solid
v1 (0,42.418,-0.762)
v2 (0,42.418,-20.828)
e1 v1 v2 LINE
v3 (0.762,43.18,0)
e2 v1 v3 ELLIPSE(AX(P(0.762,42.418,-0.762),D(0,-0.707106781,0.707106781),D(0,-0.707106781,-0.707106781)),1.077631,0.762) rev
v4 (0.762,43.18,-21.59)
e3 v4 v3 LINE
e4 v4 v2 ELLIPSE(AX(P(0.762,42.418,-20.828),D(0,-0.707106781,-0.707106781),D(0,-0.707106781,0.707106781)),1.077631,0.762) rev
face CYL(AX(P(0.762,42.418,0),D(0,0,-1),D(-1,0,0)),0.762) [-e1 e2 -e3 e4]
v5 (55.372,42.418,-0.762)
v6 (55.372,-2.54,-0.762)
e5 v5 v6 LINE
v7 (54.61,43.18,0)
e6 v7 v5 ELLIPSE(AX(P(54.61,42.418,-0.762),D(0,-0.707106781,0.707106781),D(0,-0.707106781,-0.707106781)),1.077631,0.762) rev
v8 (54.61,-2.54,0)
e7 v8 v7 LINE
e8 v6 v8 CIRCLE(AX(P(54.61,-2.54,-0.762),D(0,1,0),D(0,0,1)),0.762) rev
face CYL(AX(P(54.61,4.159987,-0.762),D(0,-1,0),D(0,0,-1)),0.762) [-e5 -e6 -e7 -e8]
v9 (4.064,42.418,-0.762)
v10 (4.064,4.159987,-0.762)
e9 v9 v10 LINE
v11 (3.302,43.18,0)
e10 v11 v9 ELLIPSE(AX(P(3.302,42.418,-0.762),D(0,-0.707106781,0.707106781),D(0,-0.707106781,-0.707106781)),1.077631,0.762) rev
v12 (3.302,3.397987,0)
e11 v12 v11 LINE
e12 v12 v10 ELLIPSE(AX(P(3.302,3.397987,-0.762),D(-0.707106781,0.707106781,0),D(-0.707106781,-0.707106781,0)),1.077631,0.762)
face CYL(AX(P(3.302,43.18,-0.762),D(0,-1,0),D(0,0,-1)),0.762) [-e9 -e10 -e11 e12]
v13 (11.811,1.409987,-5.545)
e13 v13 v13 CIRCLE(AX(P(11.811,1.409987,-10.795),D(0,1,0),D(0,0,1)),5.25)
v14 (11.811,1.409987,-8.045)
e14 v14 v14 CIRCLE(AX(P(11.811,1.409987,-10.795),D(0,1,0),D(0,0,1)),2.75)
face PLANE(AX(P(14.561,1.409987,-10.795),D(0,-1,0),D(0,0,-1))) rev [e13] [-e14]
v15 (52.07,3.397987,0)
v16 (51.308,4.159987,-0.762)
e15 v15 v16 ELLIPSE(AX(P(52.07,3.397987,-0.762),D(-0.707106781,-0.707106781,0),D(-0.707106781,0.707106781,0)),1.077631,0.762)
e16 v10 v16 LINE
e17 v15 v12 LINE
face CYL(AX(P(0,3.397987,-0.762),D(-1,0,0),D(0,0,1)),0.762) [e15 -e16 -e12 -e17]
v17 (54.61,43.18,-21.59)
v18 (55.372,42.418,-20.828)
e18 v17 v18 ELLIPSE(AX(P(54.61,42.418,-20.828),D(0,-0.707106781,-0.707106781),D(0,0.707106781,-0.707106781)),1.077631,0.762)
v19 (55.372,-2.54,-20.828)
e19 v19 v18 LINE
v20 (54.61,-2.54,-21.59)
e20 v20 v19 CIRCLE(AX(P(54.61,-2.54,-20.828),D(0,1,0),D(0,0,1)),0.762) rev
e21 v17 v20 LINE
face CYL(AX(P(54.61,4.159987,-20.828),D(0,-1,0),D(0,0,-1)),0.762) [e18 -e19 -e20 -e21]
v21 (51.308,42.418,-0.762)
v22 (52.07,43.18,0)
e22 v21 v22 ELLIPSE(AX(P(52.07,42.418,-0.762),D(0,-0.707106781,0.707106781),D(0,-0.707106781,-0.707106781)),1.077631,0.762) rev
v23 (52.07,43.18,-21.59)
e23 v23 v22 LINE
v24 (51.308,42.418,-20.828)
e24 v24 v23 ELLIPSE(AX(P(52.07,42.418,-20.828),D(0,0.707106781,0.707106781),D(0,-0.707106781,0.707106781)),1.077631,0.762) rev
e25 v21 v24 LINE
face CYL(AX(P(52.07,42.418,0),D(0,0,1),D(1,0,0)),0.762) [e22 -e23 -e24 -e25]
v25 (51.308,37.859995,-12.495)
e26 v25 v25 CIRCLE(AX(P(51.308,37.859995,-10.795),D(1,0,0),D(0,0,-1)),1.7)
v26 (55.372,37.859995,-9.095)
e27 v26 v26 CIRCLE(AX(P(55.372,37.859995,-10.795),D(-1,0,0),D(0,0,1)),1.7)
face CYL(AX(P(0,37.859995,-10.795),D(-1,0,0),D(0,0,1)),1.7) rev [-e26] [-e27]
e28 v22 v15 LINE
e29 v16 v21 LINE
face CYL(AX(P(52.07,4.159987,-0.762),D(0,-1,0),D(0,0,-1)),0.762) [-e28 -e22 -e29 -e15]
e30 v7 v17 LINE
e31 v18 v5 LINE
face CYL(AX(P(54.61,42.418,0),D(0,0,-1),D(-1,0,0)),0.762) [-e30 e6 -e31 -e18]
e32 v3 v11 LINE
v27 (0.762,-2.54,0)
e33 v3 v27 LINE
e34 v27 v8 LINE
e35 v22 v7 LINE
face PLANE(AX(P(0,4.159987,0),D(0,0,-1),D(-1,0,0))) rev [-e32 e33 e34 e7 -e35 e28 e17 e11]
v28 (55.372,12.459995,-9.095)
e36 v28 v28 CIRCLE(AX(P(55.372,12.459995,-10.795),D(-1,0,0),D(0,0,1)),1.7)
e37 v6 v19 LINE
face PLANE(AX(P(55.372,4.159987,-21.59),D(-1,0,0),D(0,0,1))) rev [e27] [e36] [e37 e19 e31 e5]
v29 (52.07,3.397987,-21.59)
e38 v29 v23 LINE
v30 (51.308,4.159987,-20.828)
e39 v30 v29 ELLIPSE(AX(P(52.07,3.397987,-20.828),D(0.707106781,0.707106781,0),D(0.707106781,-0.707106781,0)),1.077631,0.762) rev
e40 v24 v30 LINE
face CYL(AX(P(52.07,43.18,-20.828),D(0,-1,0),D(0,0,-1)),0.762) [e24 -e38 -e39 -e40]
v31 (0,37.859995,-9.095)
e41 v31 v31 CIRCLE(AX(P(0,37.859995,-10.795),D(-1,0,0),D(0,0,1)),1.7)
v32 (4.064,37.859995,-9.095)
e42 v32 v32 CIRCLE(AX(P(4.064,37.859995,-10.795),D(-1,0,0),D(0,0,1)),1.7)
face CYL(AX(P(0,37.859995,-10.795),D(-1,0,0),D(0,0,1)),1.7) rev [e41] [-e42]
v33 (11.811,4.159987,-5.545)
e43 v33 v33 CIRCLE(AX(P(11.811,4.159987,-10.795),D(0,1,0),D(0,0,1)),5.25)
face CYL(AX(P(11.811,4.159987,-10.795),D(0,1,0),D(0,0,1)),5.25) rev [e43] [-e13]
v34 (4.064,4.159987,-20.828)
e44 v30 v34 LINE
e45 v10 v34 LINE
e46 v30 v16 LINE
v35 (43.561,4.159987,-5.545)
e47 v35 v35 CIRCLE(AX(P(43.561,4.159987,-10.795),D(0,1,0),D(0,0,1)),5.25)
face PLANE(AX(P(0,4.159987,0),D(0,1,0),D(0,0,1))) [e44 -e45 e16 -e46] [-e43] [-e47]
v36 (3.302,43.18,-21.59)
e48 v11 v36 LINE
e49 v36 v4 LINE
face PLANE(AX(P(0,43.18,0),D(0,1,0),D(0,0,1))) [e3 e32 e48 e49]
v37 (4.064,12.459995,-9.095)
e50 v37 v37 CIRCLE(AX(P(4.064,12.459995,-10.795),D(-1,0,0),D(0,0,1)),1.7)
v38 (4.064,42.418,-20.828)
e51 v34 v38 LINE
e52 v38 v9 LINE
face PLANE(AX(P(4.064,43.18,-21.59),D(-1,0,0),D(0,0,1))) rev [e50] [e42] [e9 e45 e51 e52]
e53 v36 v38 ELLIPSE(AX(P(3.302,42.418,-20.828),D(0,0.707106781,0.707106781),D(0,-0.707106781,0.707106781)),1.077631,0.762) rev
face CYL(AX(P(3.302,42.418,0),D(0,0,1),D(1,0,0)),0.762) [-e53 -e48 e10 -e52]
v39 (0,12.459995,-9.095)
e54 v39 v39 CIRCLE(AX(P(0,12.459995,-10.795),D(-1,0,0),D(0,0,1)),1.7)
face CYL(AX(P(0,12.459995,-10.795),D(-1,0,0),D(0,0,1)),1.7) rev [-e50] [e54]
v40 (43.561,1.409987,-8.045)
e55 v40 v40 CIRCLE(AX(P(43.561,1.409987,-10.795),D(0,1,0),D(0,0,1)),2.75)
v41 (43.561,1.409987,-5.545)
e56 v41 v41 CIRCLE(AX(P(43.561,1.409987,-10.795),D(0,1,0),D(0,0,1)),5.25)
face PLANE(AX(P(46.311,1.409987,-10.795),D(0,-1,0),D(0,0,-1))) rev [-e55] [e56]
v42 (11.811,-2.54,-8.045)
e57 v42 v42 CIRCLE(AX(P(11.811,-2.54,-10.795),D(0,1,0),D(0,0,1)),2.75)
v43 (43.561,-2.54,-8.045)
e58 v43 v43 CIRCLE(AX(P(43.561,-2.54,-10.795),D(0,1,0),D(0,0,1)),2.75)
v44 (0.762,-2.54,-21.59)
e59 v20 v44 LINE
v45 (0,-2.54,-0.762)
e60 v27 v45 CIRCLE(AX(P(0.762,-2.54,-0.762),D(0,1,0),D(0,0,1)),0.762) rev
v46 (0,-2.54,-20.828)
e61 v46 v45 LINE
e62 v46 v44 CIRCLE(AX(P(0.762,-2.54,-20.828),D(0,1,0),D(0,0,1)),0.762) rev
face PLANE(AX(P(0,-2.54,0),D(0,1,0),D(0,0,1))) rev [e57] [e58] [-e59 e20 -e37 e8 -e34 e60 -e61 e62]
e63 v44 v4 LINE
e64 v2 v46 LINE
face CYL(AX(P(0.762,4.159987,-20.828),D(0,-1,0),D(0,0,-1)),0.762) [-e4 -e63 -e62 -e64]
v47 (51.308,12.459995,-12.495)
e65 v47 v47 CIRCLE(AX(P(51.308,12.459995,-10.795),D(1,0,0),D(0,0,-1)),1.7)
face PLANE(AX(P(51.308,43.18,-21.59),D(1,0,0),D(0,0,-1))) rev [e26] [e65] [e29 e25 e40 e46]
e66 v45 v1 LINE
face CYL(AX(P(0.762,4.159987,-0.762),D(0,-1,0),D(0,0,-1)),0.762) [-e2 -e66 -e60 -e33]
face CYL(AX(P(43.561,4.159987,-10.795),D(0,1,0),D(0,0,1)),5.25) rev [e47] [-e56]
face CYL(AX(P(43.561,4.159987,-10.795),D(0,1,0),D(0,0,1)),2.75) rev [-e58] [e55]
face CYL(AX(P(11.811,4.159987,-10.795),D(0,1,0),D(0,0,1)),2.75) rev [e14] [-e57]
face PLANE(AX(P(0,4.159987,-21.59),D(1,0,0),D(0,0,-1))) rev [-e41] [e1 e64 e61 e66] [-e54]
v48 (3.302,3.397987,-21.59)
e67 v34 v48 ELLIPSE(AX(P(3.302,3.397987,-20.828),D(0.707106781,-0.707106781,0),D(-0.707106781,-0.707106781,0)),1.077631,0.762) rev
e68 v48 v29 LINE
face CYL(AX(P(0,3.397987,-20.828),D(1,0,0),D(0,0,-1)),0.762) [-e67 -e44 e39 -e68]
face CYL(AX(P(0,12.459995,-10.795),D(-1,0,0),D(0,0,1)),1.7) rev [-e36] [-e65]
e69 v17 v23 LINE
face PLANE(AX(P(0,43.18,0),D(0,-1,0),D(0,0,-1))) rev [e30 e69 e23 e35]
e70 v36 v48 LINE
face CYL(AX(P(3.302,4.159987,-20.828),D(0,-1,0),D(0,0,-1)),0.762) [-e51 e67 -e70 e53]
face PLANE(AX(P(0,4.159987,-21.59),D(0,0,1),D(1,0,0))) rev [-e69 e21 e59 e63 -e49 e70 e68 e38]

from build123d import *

# Parameters (mm, degrees)
SKETCH1_W                       = 55.372
SKETCH1_H                       = 21.59
BOSS_EXTRUDE1_DEPTH             = 4.1599866
SKETCH2_W                       = 4.064
SKETCH2_H                       = 21.59
BOSS_EXTRUDE2_DEPTH             = 39.0200134
M3_CLEARANCE_HOLE2_D            = 3.4
SKETCH1_2_W                     = 55.372
SKETCH1_2_H                     = 21.59
BOSS_EXTRUDE3_DEPTH             = 2.54
CBORE_FOR_M5_SBHCS1_D           = 5.5
CBORE_FOR_M5_SBHCS1_CBORE_D     = 10.5
CBORE_FOR_M5_SBHCS1_CBORE_DEPTH = 2.75
FILLET1_R                       = 0.762


with BuildPart() as part:
    # Sketch1 → Boss-Extrude1 (new body)
    with BuildSketch(Plane(origin=(0, 0, 0), x_dir=(1, 0, 0), z_dir=(0, 1, 0))):
        with Locations((27.686, 10.795)):
            Rectangle(SKETCH1_W, SKETCH1_H)
    extrude(amount=BOSS_EXTRUDE1_DEPTH)

    # Sketch2 → Boss-Extrude2 (add)
    with BuildSketch(Plane(origin=(0, 4.1599866, 0), x_dir=(1, 0, 0), z_dir=(0, 1, 0))):
        with Locations((2.032, 10.795)):
            Rectangle(SKETCH2_W, SKETCH2_H)
        with Locations((53.34, 10.795)):
            Rectangle(SKETCH2_W, SKETCH2_H)
    extrude(amount=BOSS_EXTRUDE2_DEPTH)

    # M3 Clearance Hole2 (through all)
    with Locations(Plane.ZY):
        with Locations((-10.795, 37.8599954), (-10.795, 12.4599954)):
            Hole(M3_CLEARANCE_HOLE2_D / 2)

    # Sketch1<2> → Boss-Extrude3 (add)
    with BuildSketch(Plane(origin=(0, 0, 0), x_dir=(1, 0, 0), z_dir=(0, 1, 0))):
        with Locations((27.686, 10.795)):
            Rectangle(SKETCH1_2_W, SKETCH1_2_H)
    extrude(amount=-BOSS_EXTRUDE3_DEPTH)

    # CBORE for M5 SBHCS1 (through all)
    with Locations(Plane(origin=(0, 4.1599866, 0), x_dir=(1, 0, 0), z_dir=(0, 1, 0))):
        with Locations((11.811, 10.795), (43.561, 10.795)):
            CounterBoreHole(CBORE_FOR_M5_SBHCS1_D / 2, CBORE_FOR_M5_SBHCS1_CBORE_D / 2, CBORE_FOR_M5_SBHCS1_CBORE_DEPTH)

    # Fillet1
    fillet1_edges = [part.edges().sort_by_distance(p)[0] for p in [
        (27.686, 4.1599866, 0),
        (4.064, 23.6699933, 0),
        (4.064, 23.6699933, -21.59),
        (0, 43.18, -10.795),
        (4.064, 43.18, -10.795),
        (27.686, 4.1599866, -21.59),
        (51.308, 23.6699933, -21.59),
        (51.308, 23.6699933, 0),
        (55.372, 43.18, -10.795),
        (51.308, 43.18, -10.795),
        (0, 20.32, -21.59),
        (55.372, 20.32, -21.59),
        (55.372, 20.32, 0),
        (0, 20.32, 0),
    ]]
    fillet(fillet1_edges, radius=FILLET1_R)


solid = part.part
